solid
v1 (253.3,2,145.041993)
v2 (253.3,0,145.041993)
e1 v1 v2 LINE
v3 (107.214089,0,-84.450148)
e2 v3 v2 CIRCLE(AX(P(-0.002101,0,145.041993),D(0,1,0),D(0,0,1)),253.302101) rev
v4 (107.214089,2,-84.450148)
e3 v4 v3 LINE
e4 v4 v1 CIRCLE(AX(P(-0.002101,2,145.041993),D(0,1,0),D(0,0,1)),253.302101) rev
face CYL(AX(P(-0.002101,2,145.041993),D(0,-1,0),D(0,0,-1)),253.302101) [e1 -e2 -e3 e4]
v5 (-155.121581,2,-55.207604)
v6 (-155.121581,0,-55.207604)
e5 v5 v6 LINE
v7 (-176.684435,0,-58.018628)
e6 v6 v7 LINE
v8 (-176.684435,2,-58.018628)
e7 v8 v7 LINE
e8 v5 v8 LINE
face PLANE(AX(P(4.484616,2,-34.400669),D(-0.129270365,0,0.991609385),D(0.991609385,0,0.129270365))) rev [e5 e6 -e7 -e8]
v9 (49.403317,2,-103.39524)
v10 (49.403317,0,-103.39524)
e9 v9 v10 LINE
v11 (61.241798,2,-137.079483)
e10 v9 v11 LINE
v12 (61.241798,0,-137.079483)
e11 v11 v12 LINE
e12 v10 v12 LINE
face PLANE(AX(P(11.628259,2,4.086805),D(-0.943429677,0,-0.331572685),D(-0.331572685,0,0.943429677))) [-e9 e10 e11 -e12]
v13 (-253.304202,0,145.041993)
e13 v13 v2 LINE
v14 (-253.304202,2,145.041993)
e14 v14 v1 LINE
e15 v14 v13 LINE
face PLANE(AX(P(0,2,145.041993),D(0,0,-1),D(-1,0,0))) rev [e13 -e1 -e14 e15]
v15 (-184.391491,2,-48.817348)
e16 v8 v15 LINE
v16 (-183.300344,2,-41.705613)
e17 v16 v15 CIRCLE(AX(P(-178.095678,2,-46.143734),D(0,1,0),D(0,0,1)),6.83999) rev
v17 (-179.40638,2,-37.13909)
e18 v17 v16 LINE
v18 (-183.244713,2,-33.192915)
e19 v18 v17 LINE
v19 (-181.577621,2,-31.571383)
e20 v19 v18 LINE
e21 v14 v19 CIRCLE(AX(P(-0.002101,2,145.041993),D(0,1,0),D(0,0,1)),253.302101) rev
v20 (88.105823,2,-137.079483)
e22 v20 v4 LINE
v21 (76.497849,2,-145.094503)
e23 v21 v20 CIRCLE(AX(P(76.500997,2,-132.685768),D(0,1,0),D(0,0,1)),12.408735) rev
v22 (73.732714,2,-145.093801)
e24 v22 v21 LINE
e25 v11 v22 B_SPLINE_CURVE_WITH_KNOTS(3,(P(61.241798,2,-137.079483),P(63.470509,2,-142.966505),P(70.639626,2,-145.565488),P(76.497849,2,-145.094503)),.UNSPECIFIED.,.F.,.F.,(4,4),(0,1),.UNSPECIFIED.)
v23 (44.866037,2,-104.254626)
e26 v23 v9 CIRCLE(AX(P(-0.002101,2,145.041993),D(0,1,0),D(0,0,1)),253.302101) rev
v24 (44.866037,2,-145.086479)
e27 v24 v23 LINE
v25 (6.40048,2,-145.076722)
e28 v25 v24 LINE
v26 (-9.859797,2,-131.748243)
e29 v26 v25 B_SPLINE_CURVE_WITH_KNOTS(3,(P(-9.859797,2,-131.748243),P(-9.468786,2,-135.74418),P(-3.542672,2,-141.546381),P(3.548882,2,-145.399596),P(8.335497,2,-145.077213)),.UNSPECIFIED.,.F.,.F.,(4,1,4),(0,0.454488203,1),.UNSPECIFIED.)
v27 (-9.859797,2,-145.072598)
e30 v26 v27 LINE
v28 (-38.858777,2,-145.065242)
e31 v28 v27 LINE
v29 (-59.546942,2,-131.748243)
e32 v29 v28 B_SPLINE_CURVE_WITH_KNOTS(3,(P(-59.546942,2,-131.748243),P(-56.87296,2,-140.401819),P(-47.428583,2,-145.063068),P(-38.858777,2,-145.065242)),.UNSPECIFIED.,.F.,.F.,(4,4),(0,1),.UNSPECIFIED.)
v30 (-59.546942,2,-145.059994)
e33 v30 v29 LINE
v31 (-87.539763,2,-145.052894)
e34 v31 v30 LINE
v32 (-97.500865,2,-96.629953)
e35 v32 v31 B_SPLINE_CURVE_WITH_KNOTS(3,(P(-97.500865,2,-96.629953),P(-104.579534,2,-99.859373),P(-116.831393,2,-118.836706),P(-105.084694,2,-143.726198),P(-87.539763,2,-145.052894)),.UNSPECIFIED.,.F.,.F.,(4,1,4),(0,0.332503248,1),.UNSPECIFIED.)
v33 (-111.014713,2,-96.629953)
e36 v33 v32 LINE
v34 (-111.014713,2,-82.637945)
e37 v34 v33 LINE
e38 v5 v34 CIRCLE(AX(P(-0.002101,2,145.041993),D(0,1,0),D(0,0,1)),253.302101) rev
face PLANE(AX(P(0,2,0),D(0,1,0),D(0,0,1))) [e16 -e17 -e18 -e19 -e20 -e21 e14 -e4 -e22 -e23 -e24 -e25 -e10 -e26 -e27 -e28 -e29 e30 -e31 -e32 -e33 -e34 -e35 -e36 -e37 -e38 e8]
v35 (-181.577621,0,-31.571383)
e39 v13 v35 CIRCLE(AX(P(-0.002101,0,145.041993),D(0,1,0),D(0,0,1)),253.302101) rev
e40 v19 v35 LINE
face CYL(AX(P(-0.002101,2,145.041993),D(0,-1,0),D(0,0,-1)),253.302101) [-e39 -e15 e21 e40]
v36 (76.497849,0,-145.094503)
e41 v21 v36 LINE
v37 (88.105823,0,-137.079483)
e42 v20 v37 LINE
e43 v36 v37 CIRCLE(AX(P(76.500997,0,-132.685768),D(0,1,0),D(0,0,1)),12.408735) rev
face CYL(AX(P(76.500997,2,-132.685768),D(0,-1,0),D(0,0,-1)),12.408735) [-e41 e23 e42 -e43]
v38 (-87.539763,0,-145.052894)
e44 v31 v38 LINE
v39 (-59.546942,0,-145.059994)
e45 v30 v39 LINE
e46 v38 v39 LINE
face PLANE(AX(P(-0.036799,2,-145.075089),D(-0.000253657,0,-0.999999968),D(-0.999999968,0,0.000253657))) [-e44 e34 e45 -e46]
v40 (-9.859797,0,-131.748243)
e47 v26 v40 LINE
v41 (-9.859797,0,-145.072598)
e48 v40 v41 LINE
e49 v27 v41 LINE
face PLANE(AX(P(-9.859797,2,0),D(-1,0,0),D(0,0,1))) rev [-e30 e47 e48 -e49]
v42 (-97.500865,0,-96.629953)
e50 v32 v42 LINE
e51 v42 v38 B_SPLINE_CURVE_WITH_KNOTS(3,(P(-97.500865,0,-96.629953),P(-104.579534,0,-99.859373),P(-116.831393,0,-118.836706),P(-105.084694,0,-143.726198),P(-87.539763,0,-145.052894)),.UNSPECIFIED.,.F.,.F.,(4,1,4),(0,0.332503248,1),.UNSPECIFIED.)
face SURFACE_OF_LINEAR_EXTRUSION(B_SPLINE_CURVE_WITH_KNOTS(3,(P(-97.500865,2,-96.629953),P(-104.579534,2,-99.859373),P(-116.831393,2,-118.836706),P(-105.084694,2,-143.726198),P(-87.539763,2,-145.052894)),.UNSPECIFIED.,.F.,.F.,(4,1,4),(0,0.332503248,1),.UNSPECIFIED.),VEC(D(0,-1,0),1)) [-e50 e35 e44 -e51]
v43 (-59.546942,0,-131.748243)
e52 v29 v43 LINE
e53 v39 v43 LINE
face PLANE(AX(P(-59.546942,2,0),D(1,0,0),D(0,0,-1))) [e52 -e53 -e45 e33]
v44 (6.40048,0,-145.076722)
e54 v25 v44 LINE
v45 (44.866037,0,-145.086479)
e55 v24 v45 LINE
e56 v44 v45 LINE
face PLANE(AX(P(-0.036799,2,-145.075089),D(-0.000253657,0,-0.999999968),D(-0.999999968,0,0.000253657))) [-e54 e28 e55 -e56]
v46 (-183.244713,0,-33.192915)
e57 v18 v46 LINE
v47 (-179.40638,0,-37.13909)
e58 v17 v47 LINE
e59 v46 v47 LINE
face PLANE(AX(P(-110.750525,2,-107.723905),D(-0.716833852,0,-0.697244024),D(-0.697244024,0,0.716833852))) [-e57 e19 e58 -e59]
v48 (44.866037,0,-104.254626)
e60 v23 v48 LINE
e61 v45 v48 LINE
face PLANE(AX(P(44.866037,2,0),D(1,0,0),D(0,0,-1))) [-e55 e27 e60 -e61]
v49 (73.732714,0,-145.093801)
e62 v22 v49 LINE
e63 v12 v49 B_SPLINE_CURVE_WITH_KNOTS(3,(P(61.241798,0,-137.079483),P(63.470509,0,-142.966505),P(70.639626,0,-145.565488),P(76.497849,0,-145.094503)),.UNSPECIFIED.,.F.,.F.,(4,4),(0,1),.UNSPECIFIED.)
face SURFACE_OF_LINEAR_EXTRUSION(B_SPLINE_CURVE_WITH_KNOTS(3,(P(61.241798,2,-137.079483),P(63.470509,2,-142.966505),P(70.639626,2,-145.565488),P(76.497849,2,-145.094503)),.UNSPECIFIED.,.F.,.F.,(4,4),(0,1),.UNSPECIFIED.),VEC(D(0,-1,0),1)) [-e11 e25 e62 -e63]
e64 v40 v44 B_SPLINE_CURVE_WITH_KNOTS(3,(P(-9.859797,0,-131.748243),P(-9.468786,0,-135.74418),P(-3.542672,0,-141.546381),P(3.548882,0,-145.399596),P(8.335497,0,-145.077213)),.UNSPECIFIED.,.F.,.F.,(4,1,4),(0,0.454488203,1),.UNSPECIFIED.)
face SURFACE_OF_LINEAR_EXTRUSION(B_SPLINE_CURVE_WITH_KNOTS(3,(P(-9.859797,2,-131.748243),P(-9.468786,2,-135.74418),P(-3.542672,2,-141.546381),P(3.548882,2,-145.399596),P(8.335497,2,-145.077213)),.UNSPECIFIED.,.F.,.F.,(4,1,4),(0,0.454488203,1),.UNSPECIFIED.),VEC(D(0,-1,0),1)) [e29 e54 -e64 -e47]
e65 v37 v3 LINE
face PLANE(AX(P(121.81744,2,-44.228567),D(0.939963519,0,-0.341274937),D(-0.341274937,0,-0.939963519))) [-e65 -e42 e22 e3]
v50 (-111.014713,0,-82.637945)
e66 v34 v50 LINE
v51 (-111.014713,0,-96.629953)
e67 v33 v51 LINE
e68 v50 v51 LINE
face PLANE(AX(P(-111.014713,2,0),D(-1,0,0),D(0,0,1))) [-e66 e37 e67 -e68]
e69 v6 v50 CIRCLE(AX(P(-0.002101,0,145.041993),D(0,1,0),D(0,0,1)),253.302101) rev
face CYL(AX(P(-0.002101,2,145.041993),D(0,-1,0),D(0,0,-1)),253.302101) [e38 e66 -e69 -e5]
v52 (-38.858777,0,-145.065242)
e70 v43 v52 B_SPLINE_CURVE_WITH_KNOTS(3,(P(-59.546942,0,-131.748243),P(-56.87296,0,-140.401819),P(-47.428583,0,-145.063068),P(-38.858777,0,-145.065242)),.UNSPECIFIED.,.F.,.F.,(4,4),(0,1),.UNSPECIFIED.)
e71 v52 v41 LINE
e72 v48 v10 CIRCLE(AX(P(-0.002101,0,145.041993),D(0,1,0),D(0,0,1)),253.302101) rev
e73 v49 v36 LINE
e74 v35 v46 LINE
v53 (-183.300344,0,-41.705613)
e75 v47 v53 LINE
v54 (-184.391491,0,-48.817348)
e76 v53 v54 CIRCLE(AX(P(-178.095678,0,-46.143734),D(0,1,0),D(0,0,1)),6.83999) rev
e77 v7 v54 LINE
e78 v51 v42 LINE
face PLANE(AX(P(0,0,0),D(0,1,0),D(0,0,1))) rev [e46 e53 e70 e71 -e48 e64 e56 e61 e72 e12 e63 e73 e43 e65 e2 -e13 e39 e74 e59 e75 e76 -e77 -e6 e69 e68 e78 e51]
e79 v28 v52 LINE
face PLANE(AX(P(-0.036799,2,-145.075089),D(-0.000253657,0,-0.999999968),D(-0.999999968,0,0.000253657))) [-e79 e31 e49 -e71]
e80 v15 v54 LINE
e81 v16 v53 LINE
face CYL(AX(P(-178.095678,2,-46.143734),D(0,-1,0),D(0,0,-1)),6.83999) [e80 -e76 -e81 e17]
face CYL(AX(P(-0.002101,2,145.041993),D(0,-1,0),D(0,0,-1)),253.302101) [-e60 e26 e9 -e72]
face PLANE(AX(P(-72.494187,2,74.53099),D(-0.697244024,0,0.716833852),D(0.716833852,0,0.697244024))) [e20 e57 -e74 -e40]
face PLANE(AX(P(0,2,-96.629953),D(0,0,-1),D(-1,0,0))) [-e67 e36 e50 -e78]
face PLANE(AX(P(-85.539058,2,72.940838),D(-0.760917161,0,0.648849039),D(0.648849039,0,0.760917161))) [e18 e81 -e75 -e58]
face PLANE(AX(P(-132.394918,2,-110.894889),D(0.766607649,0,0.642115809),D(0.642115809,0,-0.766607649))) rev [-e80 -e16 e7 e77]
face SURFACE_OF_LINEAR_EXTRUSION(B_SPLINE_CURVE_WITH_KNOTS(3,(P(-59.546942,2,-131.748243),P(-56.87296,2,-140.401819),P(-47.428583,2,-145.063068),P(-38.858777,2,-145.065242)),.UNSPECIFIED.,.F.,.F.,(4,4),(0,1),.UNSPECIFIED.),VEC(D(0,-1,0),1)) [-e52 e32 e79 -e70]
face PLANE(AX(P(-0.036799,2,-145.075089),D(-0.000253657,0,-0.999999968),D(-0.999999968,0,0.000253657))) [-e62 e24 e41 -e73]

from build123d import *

# Parameters (mm, degrees)
AUFSATZ_LINEAR_AUSTRAGEN1_DEPTH = 2


with BuildPart() as part:
    # Skizze1 → Aufsatz-Linear austragen1 (new body)
    with BuildSketch(Plane(origin=(0, 0, 0), x_dir=(1, 0, 0), z_dir=(0, 1, 0))):
        with BuildLine():
            Line((-111.014713036, 96.629952772), (-111.014713036, 82.637944818))
            ThreePointArc((-111.014713036, 82.637944818), (-133.773093964, 70.056299779), (-155.121581381, 55.20760356))
            Line((-155.121581381, 55.20760356), (-176.68443544, 58.018627787))
            Line((-176.68443544, 58.018627787), (-184.391490567, 48.817347687))
            ThreePointArc((-184.391490567, 48.817347687), (-184.856553748, 45.106419523), (-183.300343728, 41.705613446))
            Line((-183.300343728, 41.705613446), (-179.406379638, 37.139090384))
            Line((-179.406379638, 37.139090384), (-183.244712688, 33.192915196))
            Line((-183.244712688, 33.192915196), (-181.577621487, 31.571382711))
            ThreePointArc((-181.577621487, 31.571382711), (-234.688503419, -49.730678526), (-253.304201651, -145.041993281))
            Line((-253.304201651, -145.041993281), (253.3, -145.041993281))
            ThreePointArc((253.3, -145.041993281), (213.679953091, -9.020178425), (107.2140887, 84.450148167))
            Line((107.2140887, 84.450148167), (88.10582283, 137.079482634))
            ThreePointArc((88.10582283, 137.079482634), (83.551519794, 142.896881485), (76.497849408, 145.094502845))
            Line((76.497849408, 145.094502845), (73.732714296, 145.093801448))
            add(Edge.make_bspline(
                [(61.241798353, 137.079482633), (63.12872124, 142.063691586), (68.556952847, 144.691016446), (73.732714296, 145.093801449)],
                knots=[0, 0, 0, 0, 0.846643391, 0.846643391, 0.846643391, 0.846643391], degree=3))
            Line((61.241798353, 137.079482633), (49.403316926, 103.395240199))
            ThreePointArc((49.403316926, 103.395240199), (47.136635501, 103.835273299), (44.866037129, 104.254626189))
            Line((44.866037129, 104.254626189), (44.866037129, 145.086479208))
            Line((44.866037129, 145.086479208), (8.335497246, 145.077212974))
            Line((8.335497246, 145.077212974), (6.400480376, 145.076722143))
            add(Edge.make_bspline(
                [(-9.859797389, 131.748243103), (-9.468785698, 135.744179636), (-3.989815347, 141.108587237), (2.485358217, 144.80702629), (6.400480376, 145.076722143)],
                knots=[0, 0, 0, 0, 0.454488203, 0.924546926, 0.924546926, 0.924546926, 0.924546926], degree=3))
            Line((-9.859797389, 131.748243103), (-9.859797389, 145.072597607))
            Line((-9.859797389, 145.072597607), (-38.85877651, 145.065241807))
            add(Edge.make_bspline(
                [(-59.546942015, 131.748243103), (-56.872959995, 140.401818923), (-47.428583468, 145.063068014), (-38.85877651, 145.065241807)],
                knots=[0, 0, 0, 0, 1, 1, 1, 1], degree=3))
            Line((-59.546942015, 131.748243103), (-59.546942015, 145.059994105))
            Line((-59.546942015, 145.059994105), (-87.539763433, 145.052893525))
            add(Edge.make_bspline(
                [(-97.500864535, 96.629952772), (-104.579533848, 99.859372788), (-116.831393377, 118.836705983), (-105.084694212, 143.726198357), (-87.539763433, 145.052893525)],
                knots=[0, 0, 0, 0, 0.332503248, 1, 1, 1, 1], degree=3))
            Line((-97.500864535, 96.629952772), (-111.014713036, 96.629952772))
        make_face()
    extrude(amount=AUFSATZ_LINEAR_AUSTRAGEN1_DEPTH)


solid = part.part
